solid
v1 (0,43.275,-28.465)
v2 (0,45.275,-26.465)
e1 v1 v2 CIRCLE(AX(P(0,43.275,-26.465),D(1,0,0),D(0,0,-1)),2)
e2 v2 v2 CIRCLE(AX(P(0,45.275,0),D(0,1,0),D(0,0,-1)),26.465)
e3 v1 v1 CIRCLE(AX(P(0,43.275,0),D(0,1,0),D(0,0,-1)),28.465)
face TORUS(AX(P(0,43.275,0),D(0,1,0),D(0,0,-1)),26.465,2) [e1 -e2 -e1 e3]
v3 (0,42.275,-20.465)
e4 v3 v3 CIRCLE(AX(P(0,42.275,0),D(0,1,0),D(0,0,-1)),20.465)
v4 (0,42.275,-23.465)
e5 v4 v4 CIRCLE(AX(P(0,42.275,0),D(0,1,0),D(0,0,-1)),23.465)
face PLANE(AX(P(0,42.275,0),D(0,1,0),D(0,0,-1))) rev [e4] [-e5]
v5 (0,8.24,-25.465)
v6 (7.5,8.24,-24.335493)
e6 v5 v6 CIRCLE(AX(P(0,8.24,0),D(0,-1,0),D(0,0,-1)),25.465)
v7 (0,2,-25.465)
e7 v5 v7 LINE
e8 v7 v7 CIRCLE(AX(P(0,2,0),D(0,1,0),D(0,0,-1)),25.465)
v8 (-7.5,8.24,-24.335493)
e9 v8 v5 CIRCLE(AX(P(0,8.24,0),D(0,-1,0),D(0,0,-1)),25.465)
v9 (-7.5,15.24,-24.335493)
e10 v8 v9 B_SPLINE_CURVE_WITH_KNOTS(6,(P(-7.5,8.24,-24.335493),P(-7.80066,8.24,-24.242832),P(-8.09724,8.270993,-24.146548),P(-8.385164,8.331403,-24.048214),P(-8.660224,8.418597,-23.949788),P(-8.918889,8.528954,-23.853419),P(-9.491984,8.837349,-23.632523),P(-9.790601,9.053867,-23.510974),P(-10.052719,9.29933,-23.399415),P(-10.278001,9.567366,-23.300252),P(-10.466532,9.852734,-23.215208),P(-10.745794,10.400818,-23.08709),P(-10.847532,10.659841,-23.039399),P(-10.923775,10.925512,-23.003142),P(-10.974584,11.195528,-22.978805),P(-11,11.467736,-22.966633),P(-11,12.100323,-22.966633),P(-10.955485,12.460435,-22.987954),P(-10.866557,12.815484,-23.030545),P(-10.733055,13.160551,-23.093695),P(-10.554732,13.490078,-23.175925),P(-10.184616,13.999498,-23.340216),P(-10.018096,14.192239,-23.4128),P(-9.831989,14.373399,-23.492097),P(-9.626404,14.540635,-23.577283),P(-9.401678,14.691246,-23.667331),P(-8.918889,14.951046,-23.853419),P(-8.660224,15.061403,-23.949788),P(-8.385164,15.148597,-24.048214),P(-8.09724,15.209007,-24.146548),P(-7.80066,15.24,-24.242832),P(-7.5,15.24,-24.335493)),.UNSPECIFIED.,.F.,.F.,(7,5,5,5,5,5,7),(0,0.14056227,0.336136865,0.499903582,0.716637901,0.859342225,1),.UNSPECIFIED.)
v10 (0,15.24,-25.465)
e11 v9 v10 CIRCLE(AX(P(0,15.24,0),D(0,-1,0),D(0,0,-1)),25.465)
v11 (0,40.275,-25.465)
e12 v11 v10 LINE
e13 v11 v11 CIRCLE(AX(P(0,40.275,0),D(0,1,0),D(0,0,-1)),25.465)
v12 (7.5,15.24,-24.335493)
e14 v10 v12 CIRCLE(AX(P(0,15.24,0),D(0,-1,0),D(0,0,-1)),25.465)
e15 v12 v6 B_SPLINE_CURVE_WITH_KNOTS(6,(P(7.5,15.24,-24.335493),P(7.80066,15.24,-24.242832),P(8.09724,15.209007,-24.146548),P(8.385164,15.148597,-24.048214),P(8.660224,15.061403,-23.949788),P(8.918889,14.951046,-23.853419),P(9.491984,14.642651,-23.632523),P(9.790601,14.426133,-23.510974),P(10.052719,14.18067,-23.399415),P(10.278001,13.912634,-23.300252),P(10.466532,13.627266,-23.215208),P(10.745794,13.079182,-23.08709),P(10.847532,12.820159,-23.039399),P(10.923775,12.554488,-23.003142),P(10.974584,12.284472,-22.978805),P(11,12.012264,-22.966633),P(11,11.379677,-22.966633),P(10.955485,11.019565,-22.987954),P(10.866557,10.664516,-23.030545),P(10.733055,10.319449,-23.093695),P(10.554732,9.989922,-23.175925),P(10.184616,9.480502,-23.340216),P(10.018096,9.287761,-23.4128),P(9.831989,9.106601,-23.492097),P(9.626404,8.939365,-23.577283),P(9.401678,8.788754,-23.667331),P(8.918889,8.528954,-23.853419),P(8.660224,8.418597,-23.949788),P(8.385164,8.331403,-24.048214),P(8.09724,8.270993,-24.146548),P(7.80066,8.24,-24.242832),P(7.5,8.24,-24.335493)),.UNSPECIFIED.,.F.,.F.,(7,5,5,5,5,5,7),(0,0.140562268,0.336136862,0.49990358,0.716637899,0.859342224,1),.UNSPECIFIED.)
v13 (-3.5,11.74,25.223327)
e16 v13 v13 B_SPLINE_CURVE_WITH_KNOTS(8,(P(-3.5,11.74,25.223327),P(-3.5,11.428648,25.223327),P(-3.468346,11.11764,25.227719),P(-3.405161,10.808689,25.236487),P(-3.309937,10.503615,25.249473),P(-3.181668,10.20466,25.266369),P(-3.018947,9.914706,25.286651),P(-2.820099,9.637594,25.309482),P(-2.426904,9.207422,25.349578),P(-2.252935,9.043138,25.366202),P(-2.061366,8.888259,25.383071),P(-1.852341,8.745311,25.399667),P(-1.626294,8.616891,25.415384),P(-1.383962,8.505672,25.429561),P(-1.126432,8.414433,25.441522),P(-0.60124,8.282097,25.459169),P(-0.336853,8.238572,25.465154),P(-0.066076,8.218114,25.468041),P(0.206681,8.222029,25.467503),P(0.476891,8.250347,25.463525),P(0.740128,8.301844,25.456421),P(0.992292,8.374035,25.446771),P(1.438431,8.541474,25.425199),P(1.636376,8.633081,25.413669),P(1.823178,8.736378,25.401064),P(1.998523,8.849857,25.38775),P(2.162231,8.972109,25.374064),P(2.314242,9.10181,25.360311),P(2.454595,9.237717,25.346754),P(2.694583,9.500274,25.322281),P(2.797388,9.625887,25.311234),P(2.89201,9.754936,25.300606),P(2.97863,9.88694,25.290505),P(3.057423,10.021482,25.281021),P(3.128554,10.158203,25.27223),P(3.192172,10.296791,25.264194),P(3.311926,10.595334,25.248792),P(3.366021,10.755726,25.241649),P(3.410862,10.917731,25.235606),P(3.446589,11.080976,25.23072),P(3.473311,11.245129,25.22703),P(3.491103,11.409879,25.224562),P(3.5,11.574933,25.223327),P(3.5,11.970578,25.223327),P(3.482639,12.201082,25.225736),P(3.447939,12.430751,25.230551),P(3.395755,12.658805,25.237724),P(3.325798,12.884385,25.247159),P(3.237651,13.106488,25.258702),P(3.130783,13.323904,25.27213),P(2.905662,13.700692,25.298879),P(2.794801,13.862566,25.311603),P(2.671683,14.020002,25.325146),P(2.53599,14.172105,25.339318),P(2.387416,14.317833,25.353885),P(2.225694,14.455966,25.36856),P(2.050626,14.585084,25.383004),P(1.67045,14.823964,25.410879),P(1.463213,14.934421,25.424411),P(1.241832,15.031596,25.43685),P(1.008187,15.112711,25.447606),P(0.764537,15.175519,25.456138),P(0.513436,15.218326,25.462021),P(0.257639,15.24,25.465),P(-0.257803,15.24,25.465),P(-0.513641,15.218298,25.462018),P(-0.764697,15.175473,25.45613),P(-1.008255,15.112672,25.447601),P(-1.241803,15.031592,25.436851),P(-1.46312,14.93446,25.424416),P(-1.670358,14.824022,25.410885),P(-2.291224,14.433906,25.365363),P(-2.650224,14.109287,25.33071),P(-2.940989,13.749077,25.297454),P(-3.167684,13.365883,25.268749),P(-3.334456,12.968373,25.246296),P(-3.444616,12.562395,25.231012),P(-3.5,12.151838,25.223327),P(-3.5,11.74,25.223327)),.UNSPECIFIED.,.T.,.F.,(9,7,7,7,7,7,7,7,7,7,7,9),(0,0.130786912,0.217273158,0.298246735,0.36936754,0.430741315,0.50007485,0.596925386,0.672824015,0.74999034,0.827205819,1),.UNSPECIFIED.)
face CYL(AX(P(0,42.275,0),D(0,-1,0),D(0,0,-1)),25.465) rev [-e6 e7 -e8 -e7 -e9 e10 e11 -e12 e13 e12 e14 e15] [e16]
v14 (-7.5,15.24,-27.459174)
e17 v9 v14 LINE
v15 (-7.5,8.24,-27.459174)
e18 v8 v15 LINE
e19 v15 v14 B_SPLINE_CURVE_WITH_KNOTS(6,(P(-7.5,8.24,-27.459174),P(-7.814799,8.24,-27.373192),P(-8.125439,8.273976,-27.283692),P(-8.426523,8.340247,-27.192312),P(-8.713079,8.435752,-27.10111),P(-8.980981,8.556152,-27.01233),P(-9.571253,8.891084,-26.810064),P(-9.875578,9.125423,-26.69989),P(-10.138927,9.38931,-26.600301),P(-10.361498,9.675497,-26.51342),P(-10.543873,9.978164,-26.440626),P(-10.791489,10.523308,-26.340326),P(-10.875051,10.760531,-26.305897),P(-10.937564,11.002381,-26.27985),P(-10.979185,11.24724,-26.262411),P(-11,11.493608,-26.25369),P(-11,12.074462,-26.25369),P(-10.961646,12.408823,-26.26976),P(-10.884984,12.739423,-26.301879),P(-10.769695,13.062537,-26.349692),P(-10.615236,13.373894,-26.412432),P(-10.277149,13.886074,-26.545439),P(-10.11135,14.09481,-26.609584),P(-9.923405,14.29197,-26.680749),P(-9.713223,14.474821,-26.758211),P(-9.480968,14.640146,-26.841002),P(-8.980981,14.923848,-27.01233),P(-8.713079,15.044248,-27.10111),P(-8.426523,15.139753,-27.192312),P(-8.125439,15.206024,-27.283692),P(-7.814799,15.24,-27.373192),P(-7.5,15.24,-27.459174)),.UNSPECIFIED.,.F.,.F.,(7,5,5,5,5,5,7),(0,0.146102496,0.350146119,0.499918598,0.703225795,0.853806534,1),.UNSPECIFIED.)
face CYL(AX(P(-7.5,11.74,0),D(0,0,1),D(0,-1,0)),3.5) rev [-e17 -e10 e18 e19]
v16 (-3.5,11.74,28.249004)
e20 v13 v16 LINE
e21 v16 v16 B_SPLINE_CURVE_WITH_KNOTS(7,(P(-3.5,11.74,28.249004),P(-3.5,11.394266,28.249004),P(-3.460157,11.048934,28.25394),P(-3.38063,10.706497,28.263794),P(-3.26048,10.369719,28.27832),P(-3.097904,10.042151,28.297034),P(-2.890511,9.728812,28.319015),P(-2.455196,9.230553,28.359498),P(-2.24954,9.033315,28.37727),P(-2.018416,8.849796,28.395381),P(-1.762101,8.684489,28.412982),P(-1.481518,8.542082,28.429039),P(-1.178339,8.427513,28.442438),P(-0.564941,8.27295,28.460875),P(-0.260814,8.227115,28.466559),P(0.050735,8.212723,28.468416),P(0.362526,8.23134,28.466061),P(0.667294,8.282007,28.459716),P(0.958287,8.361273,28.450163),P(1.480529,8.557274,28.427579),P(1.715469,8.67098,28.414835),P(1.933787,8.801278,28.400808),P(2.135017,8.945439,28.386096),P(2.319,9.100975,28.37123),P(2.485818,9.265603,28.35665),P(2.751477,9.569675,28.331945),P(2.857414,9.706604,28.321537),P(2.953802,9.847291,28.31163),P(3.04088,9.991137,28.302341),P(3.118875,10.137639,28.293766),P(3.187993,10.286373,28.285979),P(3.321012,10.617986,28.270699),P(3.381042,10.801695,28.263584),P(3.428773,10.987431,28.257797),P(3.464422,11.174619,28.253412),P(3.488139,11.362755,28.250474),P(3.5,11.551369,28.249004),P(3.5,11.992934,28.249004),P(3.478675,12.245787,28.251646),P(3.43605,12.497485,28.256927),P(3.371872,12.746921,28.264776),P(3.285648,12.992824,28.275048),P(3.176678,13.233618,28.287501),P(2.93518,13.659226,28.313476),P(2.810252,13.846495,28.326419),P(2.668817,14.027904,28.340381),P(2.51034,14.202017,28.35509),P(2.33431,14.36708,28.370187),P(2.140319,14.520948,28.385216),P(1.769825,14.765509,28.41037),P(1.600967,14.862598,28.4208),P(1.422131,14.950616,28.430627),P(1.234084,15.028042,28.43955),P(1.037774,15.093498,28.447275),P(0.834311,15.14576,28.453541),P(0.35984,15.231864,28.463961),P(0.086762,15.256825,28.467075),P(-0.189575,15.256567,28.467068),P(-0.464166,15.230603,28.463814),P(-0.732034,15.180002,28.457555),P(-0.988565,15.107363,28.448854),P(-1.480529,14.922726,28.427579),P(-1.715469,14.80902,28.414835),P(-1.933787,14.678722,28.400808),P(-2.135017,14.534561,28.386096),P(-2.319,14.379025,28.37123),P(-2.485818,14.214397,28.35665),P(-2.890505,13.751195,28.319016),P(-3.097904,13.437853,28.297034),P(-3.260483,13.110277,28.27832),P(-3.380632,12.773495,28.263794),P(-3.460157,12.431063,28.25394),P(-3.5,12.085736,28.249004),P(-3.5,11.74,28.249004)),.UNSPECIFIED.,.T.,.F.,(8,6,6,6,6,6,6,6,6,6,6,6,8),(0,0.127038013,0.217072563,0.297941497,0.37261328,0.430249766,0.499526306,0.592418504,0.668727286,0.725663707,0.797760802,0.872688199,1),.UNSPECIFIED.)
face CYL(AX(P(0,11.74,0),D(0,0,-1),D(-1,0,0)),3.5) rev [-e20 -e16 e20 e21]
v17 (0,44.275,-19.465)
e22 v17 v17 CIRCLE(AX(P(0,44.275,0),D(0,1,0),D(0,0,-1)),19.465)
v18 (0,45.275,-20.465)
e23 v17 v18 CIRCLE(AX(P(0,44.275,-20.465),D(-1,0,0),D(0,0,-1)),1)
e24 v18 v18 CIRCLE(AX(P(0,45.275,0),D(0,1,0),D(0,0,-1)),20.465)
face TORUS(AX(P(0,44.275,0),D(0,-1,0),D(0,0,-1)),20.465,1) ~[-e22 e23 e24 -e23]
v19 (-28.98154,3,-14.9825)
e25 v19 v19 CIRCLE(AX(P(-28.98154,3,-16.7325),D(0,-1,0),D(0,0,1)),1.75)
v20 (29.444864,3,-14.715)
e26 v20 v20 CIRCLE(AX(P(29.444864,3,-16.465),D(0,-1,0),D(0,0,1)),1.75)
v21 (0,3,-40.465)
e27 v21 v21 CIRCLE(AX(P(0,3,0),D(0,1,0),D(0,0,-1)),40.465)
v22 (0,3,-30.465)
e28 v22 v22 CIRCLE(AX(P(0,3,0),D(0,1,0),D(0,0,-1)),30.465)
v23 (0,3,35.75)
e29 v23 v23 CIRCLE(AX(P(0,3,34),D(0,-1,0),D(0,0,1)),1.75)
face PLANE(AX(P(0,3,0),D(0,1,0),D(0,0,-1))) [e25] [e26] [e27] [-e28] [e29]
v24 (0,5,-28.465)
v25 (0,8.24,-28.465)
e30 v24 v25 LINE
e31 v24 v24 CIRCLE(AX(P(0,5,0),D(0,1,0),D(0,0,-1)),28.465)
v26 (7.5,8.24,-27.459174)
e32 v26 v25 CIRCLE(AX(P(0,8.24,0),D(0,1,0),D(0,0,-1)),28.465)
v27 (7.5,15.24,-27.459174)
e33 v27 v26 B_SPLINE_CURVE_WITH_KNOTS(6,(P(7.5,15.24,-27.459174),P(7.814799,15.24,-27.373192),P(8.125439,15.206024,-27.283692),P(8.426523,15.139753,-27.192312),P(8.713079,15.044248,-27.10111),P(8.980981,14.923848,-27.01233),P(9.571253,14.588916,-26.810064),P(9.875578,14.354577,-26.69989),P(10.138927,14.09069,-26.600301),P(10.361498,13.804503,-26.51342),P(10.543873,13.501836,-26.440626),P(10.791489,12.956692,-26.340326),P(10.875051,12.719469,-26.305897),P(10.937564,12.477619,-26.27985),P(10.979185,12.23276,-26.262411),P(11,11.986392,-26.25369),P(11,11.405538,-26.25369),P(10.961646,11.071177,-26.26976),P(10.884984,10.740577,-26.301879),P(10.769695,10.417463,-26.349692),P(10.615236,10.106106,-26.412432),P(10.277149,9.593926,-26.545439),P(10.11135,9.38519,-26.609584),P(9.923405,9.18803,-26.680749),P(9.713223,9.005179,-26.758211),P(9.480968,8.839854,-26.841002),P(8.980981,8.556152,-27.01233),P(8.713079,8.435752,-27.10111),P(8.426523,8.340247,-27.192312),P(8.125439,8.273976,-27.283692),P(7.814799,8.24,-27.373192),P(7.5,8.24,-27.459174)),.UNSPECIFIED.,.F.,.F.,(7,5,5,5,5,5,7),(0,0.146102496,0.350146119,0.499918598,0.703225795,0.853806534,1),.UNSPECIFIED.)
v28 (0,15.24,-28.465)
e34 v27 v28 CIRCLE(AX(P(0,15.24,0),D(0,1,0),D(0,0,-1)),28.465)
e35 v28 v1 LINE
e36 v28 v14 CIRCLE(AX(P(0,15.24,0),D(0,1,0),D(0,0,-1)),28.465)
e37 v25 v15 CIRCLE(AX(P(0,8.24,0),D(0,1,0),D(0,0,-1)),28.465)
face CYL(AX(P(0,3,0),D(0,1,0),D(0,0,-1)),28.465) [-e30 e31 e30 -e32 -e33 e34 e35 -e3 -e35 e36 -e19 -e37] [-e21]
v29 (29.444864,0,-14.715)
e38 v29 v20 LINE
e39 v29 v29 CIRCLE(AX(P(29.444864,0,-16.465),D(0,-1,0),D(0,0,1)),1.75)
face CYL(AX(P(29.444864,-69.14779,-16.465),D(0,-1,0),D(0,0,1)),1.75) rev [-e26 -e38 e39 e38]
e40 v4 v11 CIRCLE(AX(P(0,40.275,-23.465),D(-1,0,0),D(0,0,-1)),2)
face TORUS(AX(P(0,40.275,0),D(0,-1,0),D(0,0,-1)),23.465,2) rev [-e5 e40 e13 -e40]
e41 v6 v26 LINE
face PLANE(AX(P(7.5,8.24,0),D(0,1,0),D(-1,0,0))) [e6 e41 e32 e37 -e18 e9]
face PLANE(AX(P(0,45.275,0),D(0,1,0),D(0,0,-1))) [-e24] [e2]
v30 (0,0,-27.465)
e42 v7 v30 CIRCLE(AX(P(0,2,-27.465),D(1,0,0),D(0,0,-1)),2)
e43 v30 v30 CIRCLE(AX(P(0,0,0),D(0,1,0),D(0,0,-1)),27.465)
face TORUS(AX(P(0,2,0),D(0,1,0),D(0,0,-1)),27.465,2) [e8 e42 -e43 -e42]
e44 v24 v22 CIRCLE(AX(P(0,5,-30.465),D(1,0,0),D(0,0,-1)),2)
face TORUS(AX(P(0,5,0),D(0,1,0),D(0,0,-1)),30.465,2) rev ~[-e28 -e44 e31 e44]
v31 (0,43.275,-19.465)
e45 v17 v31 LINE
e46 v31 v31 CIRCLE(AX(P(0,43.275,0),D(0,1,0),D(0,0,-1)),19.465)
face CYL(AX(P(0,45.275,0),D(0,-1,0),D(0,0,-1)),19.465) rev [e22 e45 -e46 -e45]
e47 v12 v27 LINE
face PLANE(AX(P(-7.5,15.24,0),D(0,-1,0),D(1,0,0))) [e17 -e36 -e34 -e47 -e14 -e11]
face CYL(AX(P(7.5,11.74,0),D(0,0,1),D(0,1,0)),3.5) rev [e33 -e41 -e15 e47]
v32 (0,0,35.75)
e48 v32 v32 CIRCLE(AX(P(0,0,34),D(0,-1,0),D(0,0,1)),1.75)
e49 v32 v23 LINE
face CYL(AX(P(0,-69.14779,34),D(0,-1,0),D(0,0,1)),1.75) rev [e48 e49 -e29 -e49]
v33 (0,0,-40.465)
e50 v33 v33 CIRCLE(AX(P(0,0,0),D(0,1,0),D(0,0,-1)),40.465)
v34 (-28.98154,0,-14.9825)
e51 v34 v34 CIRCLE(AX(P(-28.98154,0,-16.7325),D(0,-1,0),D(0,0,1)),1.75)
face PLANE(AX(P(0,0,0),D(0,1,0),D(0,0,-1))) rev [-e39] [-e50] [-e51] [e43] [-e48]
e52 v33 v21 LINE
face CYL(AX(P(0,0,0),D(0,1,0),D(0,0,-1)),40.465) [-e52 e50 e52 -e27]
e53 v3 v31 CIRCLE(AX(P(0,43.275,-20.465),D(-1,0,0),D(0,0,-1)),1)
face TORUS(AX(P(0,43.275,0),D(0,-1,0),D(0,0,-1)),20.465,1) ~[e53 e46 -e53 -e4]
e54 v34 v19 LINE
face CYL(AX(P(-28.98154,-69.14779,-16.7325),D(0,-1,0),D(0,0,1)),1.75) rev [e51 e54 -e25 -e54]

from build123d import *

# Parameters (mm, degrees)
FILLET1_R               = 2
CUT_EXTRUDE1_DEPTH      = 72.147790373
CUT_EXTRUDE1_DEPTH_BACK = 72.147790373
SKETCH2_R               = 1.75
FILLET2_R               = 2
FILLET3_R               = 1
CUT_EXTRUDE2_DEPTH      = 73.970254728
SKETCH4_R               = 3.5
CUT_EXTRUDE3_DEPTH      = 73.970254728


with BuildPart() as part:
    # Sketch1 → Revolve1 (revolve)
    with BuildSketch(Plane.XY, mode=Mode.PRIVATE) as revolve1_sk:
        Polygon((-19.465, 45.275), (-19.465, 42.275), (-25.465, 42.275), (-25.465, 0), (-40.465, 0), (-40.465, 3), (-28.465, 3), (-28.465, 45.275), align=None)
    revolve(revolve1_sk.sketch.rotate(Axis((0, 0, 0), (0, 1, 0)), 270), axis=Axis((0, 0, 0), (0, 1, 0)))

    # Fillet1
    fillet1_edges = [part.edges().sort_by_distance(p)[0] for p in [
        (0, 45.275, 28.465),
        (0, 42.275, 25.465),
    ]]
    fillet(fillet1_edges, radius=FILLET1_R)

    # Sketch2 → Cut-Extrude1 (cut, two sides: drawn at the far end of the back side and taken through both)
    with BuildSketch(Plane(origin=(0, 3, 0), x_dir=(1, 0, 0), z_dir=(0, 1, 0)).offset(-CUT_EXTRUDE1_DEPTH_BACK)):
        with Locations(Location((0, -34, 0), (0, 0, 270))):
            Circle(SKETCH2_R)
        with Locations(Location((-28.981540138, 16.7325, 0), (0, 0, 270))):
            Circle(SKETCH2_R)
        with Locations(Location((29.444863729, 16.465, 0), (0, 0, 270))):
            Circle(SKETCH2_R)
    extrude(amount=CUT_EXTRUDE1_DEPTH + CUT_EXTRUDE1_DEPTH_BACK, mode=Mode.SUBTRACT)

    # Fillet2
    fillet2_edges = [part.edges().sort_by_distance(p)[0] for p in [
        (0, 3, 28.465),
        (0, 0, 25.465),
    ]]
    fillet(fillet2_edges, radius=FILLET2_R)

    # Fillet3
    fillet3_edges = [part.edges().sort_by_distance(p)[0] for p in [
        (0, 45.275, 19.465),
        (0, 42.275, 19.465),
    ]]
    fillet(fillet3_edges, radius=FILLET3_R)

    # Sketch3 → Cut-Extrude2 (cut, through all)
    with BuildSketch(Plane.XY):
        with BuildLine():
            Line((7.5, 8.24), (-7.5, 8.24))
            ThreePointArc((-7.5, 8.24), (-11, 11.74), (-7.5, 15.24))
            Line((-7.5, 15.24), (7.5, 15.24))
            ThreePointArc((7.5, 15.24), (11, 11.74), (7.5, 8.24))
        make_face()
    extrude(amount=-CUT_EXTRUDE2_DEPTH, mode=Mode.SUBTRACT)

    # Sketch4 → Cut-Extrude3 (cut, through all)
    with BuildSketch(Plane.XY):
        with Locations(Location((0, 11.74, 0), (0, 0, 180))):
            Circle(SKETCH4_R)
    extrude(amount=CUT_EXTRUDE3_DEPTH, mode=Mode.SUBTRACT)


solid = part.part
